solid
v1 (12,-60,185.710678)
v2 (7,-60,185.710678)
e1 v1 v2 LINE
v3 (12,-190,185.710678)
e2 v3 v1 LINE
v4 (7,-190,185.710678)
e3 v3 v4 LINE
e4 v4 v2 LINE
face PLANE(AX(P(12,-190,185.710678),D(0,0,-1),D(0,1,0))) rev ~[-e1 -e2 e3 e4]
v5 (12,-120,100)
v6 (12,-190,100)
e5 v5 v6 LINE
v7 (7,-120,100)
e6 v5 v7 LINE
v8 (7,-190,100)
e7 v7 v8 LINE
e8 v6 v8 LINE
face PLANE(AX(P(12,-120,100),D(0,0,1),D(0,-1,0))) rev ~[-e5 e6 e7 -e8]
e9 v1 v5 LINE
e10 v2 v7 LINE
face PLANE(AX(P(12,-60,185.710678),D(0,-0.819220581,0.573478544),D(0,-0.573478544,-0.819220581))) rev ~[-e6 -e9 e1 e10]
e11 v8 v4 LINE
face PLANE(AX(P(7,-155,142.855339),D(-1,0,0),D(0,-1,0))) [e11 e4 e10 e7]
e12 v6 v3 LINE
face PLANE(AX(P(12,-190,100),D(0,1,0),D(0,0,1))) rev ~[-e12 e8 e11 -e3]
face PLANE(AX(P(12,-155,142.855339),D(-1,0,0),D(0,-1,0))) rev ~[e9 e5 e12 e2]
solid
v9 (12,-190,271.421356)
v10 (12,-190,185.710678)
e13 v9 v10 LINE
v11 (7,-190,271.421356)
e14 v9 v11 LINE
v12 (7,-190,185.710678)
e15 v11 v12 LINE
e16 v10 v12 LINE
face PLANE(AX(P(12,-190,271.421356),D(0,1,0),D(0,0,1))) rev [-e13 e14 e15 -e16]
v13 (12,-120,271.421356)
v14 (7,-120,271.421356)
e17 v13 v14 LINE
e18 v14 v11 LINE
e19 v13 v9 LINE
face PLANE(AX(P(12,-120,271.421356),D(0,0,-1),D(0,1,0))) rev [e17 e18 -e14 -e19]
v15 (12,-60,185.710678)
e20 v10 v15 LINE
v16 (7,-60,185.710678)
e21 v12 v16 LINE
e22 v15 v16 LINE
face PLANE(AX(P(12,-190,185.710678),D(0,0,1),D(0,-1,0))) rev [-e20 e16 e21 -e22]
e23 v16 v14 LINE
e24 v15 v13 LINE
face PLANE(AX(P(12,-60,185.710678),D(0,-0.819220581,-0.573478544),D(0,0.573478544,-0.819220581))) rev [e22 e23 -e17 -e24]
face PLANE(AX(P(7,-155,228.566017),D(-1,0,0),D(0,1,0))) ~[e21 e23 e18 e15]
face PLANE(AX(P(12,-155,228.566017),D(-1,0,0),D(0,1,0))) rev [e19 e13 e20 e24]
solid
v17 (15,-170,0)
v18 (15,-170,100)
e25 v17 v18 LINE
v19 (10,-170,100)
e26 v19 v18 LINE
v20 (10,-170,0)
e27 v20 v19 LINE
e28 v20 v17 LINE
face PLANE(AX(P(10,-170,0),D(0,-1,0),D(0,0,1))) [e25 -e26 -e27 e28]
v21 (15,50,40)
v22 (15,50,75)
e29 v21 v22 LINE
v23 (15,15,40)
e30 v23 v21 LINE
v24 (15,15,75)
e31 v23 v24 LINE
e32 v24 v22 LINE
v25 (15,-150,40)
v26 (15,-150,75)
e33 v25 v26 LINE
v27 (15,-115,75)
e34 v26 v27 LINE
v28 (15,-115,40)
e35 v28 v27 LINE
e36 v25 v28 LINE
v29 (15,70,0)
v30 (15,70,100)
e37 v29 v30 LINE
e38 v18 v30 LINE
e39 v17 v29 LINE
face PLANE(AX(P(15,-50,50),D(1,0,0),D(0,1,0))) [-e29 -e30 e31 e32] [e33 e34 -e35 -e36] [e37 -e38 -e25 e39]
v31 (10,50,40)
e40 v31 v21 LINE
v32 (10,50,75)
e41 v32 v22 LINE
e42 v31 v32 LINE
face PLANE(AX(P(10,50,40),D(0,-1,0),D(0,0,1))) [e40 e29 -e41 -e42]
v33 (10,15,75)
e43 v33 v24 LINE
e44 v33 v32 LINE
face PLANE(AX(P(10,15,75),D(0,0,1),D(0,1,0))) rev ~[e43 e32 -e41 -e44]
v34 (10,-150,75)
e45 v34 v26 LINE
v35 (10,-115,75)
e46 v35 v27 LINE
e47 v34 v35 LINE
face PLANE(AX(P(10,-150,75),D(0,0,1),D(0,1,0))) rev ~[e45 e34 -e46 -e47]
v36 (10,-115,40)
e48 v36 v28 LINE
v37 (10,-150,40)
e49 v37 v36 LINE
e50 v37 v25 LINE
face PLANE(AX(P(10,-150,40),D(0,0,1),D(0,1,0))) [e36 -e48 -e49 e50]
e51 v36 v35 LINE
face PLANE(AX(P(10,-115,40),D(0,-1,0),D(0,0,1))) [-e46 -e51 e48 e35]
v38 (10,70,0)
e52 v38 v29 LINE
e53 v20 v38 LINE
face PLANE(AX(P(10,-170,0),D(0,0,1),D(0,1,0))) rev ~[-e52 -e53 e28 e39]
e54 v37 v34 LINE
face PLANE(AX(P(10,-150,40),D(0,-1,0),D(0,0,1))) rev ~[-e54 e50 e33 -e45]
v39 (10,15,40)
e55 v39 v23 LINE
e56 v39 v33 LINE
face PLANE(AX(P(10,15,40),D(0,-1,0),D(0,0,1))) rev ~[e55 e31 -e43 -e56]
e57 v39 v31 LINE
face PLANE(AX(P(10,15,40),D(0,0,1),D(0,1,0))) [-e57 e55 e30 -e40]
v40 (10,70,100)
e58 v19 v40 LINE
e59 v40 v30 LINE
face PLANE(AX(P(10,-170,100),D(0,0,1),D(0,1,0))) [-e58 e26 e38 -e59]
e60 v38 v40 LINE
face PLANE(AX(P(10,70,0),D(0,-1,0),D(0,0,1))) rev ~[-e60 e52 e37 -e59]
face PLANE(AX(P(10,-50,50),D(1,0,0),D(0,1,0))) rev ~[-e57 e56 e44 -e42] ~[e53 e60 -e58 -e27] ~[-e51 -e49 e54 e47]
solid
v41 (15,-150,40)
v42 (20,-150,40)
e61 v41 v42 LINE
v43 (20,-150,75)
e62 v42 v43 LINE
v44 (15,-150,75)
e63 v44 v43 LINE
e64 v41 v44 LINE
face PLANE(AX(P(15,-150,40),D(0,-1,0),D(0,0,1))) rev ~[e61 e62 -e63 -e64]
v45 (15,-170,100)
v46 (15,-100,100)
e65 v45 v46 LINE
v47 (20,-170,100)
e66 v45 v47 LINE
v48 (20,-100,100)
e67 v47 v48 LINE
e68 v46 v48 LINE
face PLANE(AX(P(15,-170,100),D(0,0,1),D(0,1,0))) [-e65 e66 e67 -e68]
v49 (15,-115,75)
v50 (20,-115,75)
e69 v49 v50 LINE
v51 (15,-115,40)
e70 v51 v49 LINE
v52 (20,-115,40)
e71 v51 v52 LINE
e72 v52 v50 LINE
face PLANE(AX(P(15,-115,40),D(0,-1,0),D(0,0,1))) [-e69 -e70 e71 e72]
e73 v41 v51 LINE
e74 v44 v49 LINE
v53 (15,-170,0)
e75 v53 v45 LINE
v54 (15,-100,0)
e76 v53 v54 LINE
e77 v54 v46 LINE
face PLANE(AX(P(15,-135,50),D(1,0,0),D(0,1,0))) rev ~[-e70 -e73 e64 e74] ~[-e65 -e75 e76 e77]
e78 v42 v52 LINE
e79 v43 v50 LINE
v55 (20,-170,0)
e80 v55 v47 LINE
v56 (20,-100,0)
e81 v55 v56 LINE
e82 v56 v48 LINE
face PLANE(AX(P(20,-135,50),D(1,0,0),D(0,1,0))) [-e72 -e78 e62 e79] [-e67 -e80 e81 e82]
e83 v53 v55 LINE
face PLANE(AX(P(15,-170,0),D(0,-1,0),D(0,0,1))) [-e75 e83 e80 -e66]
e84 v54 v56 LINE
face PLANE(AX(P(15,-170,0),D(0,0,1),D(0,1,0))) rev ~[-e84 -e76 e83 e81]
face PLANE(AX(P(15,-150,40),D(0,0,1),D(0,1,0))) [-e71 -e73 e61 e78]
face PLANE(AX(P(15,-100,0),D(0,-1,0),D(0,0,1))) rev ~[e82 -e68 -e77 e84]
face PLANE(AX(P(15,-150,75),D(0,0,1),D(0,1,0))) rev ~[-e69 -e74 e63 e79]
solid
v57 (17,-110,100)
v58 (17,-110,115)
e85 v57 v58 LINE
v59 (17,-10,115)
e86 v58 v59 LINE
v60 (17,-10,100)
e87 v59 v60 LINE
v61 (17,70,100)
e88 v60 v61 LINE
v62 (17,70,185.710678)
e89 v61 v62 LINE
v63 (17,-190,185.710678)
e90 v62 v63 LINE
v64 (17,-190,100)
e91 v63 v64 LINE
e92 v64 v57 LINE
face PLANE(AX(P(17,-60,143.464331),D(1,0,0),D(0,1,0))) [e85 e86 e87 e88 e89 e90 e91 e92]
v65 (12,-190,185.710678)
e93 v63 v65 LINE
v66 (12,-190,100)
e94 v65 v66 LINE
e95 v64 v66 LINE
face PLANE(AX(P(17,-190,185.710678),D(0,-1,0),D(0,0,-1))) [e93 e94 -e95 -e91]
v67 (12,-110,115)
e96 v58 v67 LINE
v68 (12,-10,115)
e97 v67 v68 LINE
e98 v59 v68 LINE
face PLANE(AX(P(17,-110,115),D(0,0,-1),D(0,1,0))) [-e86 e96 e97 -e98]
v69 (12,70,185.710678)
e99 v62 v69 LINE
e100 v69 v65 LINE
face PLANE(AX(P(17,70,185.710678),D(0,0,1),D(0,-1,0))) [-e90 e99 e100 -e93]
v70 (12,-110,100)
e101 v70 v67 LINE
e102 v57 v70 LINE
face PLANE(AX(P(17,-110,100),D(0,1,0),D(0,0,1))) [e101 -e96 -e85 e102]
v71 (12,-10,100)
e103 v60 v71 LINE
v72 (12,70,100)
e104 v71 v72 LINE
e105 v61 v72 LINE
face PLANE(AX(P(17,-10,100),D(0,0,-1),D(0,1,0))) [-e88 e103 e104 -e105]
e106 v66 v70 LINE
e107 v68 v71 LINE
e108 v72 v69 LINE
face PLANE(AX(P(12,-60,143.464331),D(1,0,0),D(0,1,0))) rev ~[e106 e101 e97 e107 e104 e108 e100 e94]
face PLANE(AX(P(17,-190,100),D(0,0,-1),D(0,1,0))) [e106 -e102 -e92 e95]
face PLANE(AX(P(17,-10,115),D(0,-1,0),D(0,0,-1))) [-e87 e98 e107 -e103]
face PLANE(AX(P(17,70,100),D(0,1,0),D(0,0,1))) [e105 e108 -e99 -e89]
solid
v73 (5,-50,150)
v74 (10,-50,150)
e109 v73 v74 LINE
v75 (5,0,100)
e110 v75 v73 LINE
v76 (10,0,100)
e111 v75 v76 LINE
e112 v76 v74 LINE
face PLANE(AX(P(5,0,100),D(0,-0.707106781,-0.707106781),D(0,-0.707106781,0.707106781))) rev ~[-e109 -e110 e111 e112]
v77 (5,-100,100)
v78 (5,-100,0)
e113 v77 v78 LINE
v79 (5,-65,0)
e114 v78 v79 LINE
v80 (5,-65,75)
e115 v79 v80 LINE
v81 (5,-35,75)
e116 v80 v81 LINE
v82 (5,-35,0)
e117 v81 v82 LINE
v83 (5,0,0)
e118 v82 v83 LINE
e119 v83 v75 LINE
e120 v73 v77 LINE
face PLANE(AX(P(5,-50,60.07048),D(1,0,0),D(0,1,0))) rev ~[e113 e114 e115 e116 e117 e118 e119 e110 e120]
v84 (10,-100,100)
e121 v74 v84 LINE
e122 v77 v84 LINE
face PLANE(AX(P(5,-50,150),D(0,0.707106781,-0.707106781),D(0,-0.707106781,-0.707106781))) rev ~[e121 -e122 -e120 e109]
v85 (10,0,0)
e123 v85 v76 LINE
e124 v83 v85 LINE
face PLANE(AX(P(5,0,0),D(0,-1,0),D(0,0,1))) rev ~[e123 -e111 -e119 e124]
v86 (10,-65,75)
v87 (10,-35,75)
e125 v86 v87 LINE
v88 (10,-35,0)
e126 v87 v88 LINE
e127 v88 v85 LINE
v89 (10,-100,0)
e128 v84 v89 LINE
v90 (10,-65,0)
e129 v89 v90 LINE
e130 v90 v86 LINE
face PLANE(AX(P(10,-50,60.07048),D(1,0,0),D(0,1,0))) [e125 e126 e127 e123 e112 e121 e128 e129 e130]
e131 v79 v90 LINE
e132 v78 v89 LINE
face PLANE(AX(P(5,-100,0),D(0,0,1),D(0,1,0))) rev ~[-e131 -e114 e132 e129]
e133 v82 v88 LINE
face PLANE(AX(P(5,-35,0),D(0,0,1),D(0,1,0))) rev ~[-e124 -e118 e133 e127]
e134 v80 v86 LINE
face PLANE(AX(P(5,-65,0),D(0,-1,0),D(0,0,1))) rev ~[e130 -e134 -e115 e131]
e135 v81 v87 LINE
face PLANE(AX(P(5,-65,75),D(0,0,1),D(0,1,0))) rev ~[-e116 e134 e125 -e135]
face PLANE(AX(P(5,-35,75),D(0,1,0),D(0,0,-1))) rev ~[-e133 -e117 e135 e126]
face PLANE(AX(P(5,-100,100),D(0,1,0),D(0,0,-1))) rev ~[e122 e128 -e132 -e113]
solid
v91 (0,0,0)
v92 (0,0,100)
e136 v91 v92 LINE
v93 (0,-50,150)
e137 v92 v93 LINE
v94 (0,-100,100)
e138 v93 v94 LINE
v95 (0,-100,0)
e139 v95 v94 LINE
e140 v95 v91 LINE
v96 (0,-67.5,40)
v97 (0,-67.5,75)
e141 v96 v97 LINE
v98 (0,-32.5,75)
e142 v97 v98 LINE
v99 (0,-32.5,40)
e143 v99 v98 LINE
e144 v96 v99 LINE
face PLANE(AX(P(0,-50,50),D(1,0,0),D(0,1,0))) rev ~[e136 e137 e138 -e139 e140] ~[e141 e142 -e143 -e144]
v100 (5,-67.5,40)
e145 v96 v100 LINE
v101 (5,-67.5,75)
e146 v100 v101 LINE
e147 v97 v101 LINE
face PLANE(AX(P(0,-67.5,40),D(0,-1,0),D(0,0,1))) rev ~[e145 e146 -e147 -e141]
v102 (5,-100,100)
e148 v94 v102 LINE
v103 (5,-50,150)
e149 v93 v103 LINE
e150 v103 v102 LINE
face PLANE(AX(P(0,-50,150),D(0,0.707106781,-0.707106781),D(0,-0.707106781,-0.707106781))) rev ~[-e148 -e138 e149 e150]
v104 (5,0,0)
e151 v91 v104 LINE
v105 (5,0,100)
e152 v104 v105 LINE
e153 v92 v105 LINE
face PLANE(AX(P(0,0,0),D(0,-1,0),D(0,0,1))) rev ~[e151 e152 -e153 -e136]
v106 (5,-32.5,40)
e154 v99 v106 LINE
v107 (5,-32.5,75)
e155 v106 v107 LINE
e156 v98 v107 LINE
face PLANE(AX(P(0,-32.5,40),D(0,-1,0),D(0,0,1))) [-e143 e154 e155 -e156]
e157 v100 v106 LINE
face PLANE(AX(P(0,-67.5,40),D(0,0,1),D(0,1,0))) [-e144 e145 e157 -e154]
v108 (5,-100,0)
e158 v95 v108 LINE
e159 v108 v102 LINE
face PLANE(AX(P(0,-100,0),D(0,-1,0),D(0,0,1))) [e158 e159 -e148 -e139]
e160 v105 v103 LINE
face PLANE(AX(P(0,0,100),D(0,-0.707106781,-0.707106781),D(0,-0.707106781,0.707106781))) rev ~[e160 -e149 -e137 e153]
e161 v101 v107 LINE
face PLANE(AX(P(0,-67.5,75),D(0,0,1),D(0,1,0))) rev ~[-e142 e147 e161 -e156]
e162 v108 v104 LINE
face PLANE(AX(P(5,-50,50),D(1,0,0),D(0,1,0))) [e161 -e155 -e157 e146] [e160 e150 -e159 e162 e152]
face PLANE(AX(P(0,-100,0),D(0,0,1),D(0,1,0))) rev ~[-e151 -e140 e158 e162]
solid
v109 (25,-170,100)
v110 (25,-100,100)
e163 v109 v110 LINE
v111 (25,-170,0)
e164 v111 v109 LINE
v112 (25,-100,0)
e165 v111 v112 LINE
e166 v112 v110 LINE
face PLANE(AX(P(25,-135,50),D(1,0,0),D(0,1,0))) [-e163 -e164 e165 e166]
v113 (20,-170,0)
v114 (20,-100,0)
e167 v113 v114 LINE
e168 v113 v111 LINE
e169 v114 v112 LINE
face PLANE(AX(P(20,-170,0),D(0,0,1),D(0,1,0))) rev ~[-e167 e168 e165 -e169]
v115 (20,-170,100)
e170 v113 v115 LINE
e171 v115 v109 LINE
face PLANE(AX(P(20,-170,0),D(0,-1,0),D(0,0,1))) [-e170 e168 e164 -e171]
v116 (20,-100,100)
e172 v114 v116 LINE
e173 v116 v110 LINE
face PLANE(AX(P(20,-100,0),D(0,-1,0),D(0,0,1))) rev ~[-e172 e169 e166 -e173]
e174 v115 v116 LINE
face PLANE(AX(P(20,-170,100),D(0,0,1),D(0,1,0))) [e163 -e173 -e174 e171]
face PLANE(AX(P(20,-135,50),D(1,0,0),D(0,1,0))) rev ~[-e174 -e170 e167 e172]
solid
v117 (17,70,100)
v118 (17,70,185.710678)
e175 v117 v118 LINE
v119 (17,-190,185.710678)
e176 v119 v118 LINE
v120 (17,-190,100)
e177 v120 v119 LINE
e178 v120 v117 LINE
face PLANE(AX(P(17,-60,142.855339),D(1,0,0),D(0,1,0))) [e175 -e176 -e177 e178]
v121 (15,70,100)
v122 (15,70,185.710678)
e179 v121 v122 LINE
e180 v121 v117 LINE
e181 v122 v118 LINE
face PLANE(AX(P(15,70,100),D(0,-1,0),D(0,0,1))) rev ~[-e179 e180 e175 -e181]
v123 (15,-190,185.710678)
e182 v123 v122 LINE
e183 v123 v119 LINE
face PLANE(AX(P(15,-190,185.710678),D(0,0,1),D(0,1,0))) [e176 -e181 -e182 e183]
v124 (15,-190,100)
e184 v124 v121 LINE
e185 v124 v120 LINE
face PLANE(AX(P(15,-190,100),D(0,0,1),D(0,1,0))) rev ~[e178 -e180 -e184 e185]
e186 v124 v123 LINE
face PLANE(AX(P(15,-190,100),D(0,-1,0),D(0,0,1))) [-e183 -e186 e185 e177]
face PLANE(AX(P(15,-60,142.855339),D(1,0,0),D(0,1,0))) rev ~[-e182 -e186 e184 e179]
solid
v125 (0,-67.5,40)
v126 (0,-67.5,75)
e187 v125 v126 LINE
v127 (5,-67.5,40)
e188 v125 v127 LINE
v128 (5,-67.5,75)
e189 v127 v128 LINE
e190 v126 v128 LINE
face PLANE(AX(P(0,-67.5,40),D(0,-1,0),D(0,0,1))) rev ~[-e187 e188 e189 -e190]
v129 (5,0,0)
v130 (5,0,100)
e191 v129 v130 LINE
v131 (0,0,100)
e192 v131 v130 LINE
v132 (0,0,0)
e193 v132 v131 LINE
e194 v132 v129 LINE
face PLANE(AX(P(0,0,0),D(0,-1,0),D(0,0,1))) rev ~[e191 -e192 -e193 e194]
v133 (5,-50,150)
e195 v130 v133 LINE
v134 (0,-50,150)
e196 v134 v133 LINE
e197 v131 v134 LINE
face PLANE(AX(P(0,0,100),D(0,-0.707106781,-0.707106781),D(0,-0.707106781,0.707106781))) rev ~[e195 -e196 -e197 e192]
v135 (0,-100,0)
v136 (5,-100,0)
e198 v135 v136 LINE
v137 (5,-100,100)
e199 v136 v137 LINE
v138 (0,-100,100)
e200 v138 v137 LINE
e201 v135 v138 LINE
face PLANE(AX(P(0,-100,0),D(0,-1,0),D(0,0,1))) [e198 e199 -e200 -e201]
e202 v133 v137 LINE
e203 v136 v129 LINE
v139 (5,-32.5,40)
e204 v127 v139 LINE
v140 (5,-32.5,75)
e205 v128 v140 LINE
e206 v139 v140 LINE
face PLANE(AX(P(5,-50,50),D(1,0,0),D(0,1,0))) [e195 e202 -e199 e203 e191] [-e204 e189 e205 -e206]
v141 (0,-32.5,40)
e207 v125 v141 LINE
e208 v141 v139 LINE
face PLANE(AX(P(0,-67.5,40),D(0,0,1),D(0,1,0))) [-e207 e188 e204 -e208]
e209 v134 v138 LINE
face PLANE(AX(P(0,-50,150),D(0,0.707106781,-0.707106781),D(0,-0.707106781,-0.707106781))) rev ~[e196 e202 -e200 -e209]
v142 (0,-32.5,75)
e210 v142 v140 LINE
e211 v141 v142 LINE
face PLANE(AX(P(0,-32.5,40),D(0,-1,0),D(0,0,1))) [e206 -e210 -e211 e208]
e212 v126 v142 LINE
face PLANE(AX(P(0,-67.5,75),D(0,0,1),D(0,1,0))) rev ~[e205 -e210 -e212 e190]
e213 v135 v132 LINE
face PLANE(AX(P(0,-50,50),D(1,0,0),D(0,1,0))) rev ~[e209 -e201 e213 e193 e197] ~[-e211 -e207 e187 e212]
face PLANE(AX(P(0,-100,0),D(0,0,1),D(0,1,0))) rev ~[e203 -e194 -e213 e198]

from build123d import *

# Parameters (mm, degrees)
F0_W      = 100
F0_H      = 100
F0_W_2    = 35
F0_H_2    = 35
F1_DEPTH  = 5
F2_W      = 2.5
F2_H      = 35
F3_DEPTH  = 5
F4_DEPTH  = 5
F5_W      = 240
F5_H      = 100
F5_W_2    = 35
F5_H_2    = 35
F6_DEPTH  = 5
F7_W      = 70
F7_H      = 100
F7_W_2    = 35
F7_H_2    = 35
F8_DEPTH  = 5
F9_W      = 70
F9_H      = 100
F10_DEPTH = 5
F11_W     = 260
F11_H     = 85.7106781187
F12_DEPTH = 2
F14_DEPTH = 5
F15_W     = 70
F15_H     = 85.7106781187
F16_DEPTH = 5


with BuildPart() as f1:
    # F0 (on Right) → F1 (new body)
    with BuildSketch(Plane.YZ):
        with Locations((-50, 50)):
            Rectangle(F0_W, F0_H)
        with Locations((-50, 57.5)):
            Rectangle(F0_W_2, F0_H_2, mode=Mode.SUBTRACT)
        Polygon((-100, 100), (0, 100), (-50, 150), align=None)
    extrude(amount=F1_DEPTH)


with BuildPart() as f3:
    # F2 (on face) → F3 (new body)
    with BuildSketch(Plane.YZ.offset(5)):
        Polygon((-100, 100), (-100, 0), (-65, 0), (-65, 40), (-67.5, 40), (-67.5, 75), (-65, 75), (-35, 75), (-32.5, 75), (-32.5, 40), (-35, 40), (-35, 0), (0, 0), (0, 100), (-50, 150), align=None)
        with Locations((-66.25, 57.5)):
            Rectangle(F2_W, F2_H)
        with Locations((-33.75, 57.5)):
            Rectangle(F2_W, F2_H)
    extrude(amount=F3_DEPTH)


with BuildPart() as f4:
    # F0 (on Right) → F4 (new body)
    with BuildSketch(Plane.YZ):
        with Locations((-50, 50)):
            Rectangle(F0_W, F0_H)
        with Locations((-50, 57.5)):
            Rectangle(F0_W_2, F0_H_2, mode=Mode.SUBTRACT)
        Polygon((-100, 100), (0, 100), (-50, 150), align=None)
    extrude(amount=F4_DEPTH)


with BuildPart() as f6:
    # F5 (on face) → F6 (new body)
    with BuildSketch(Plane.YZ.offset(10)):
        with Locations((-50, 50)):
            Rectangle(F5_W, F5_H)
        with Locations((-132.5, 57.5)):
            Rectangle(F5_W_2, F5_H_2, mode=Mode.SUBTRACT)
        with Locations((32.5, 57.5)):
            Rectangle(F5_W_2, F5_H_2, mode=Mode.SUBTRACT)
    extrude(amount=F6_DEPTH)


with BuildPart() as f8:
    # F7 (on face) → F8 (new body)
    with BuildSketch(Plane.YZ.offset(15)):
        with Locations((-135, 50)):
            Rectangle(F7_W, F7_H)
        with Locations((-132.5, 57.5)):
            Rectangle(F7_W_2, F7_H_2, mode=Mode.SUBTRACT)
    extrude(amount=F8_DEPTH)


with BuildPart() as f10:
    # F9 (on face) → F10 (new body)
    with BuildSketch(Plane.YZ.offset(20)):
        with Locations((-135, 50)):
            Rectangle(F9_W, F9_H)
    extrude(amount=F10_DEPTH)


with BuildPart() as f12:
    # F11 (on face) → F12 (new body)
    with BuildSketch(Plane.YZ.offset(15)):
        with Locations((-60, 142.8553390593)):
            Rectangle(F11_W, F11_H)
    extrude(amount=F12_DEPTH)


with BuildPart() as f14:
    # F13 (on face) → F14 (new body)
    with BuildSketch(Plane.YZ.offset(17)):
        Polygon((70, 185.7106781187), (-190, 185.7106781187), (-190, 100), (-110, 100), (-110, 115), (-10, 115), (-10, 100), (70, 100), align=None)
    extrude(amount=-F14_DEPTH)


with BuildPart() as f16:
    # F15 (on face) → F16 (new body)
    with BuildSketch(Plane(origin=(12, 0, 0), x_dir=(0, -1, 0), z_dir=(-1, 0, 0))):
        with Locations((155, 142.8553390593)):
            Rectangle(F15_W, F15_H)
        Polygon((120, 100), (120, 185.7106781187), (60, 185.7106781187), align=None)
    extrude(amount=F16_DEPTH)


with BuildPart() as f17_1:
    # F17: instance of F16
    add(f16.part.mirror(Plane(origin=(9.5, -125, 185.7106781187), x_dir=(1, 0, 0), z_dir=(0, 0, 1))))


solid = Compound([f1.part, f3.part, f4.part, f6.part, f8.part, f10.part, f12.part, f14.part, f16.part, f17_1.part])
